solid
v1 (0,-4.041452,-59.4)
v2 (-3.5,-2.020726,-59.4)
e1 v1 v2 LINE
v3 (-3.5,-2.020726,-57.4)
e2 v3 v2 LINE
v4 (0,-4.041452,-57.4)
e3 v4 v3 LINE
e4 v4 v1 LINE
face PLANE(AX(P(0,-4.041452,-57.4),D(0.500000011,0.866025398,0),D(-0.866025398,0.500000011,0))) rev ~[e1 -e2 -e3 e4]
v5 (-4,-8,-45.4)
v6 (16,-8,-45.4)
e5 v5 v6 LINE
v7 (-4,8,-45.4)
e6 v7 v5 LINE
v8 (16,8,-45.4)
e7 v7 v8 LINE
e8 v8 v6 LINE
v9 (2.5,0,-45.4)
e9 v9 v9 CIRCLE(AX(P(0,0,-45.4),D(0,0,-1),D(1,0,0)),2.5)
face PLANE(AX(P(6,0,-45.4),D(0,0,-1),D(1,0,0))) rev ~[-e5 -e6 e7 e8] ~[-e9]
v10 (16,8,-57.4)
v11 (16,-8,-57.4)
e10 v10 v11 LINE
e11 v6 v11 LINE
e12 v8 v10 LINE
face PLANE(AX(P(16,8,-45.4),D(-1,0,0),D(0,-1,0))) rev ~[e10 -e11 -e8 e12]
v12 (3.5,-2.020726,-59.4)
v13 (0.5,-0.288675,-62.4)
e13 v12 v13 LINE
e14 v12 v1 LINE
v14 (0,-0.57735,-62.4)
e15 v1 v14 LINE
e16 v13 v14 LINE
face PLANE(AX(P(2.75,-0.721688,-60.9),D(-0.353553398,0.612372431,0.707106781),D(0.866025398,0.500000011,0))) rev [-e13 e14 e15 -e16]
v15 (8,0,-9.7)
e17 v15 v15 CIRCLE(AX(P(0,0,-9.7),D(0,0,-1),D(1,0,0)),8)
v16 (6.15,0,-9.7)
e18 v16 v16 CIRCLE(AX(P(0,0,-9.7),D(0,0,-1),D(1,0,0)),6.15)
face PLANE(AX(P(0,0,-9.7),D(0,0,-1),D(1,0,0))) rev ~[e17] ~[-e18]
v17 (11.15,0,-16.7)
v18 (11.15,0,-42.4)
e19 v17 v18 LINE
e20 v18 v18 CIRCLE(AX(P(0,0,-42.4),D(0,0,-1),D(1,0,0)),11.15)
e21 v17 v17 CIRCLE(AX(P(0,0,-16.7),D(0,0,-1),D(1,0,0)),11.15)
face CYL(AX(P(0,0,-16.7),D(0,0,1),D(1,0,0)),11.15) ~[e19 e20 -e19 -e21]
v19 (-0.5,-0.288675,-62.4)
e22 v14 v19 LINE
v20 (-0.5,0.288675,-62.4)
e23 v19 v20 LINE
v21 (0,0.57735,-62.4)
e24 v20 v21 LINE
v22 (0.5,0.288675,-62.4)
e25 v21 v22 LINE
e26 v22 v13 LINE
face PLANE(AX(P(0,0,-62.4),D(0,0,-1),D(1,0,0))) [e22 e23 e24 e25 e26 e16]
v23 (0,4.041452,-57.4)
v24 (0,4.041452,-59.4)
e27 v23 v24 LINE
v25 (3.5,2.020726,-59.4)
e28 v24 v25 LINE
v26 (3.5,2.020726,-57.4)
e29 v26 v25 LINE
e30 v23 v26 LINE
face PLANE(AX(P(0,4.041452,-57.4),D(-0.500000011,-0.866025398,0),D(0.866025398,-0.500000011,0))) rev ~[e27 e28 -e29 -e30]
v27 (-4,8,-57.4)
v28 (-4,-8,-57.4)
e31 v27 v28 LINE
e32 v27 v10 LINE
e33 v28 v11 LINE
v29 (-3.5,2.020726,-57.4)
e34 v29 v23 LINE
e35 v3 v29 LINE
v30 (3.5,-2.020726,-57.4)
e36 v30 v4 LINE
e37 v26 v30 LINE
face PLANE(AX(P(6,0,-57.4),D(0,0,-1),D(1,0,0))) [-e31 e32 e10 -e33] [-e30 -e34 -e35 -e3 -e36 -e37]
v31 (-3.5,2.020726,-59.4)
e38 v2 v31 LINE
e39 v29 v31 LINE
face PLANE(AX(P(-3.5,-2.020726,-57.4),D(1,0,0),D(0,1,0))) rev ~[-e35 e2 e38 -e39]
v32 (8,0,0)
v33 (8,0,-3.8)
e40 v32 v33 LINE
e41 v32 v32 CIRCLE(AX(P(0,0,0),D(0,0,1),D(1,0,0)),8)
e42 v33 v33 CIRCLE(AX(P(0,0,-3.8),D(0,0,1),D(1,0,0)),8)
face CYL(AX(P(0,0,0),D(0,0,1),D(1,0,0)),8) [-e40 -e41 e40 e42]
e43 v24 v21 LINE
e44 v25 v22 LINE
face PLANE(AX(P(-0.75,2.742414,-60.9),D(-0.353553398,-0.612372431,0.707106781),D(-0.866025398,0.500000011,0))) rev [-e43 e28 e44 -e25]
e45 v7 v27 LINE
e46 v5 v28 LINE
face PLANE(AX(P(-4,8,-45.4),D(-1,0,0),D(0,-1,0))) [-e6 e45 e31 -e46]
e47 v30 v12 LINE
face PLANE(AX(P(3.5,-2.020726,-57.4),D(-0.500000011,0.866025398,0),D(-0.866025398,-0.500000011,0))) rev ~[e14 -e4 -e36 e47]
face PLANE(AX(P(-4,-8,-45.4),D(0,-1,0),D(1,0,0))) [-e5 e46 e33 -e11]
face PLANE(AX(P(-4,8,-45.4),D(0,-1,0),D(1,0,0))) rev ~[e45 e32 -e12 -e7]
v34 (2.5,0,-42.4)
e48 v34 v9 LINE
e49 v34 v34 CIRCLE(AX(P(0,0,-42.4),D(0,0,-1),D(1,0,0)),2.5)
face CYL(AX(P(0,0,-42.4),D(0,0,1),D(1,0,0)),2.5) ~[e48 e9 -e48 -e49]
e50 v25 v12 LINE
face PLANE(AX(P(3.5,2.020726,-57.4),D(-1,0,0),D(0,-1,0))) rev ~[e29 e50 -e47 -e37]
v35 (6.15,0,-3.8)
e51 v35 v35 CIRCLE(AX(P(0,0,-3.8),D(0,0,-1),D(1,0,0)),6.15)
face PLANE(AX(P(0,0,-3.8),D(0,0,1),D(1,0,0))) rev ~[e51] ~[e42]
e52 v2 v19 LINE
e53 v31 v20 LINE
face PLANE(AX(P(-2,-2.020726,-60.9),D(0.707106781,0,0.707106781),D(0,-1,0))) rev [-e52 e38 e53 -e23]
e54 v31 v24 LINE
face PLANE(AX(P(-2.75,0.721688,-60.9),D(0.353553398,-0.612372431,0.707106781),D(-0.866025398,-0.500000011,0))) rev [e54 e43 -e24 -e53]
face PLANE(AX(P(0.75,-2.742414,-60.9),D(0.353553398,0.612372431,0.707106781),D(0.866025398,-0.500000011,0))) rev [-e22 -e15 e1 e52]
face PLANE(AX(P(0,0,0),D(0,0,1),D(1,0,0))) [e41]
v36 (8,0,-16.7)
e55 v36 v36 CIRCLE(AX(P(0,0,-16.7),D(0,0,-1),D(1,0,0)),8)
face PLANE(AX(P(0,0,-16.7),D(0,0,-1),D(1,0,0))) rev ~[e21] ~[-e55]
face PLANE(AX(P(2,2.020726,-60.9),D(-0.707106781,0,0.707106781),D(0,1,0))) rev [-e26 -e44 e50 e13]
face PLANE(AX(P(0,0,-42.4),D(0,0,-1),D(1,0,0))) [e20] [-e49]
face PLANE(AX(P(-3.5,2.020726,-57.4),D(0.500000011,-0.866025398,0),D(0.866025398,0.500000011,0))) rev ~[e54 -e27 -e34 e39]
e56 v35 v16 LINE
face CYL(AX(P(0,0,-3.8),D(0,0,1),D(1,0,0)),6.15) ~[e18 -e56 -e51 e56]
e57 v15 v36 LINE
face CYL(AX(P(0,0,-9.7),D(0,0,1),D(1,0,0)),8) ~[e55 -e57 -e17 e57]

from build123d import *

# Parameters (mm, degrees)
F0_R      = 8
F1_DEPTH  = 3.8
F2_R      = 6.15
F3_DEPTH  = 5.9
F4_R      = 8
F5_DEPTH  = 7
F6_R      = 11.15
F7_DEPTH  = 25.7
F8_R      = 2.5
F9_DEPTH  = 3
F10_W     = 20
F10_H     = 16
F10_R     = 2.5
F11_DEPTH = 12
F13_DEPTH = 5
F14_SIZE  = 3


with BuildPart() as f1:
    # F0 (on Top) → F1 (new body)
    with BuildSketch(Plane.XY):
        Circle(F0_R)
    extrude(amount=-F1_DEPTH)

    # F2 (on face) → F3 (join)
    with BuildSketch(Plane(origin=(0, 0, -3.8), x_dir=(1, 0, 0), z_dir=(0, 0, -1))):
        Circle(F2_R)
    extrude(amount=F3_DEPTH)

    # F4 (on face) → F5 (join)
    with BuildSketch(Plane(origin=(0, 0, -9.7), x_dir=(1, 0, 0), z_dir=(0, 0, -1))):
        Circle(F4_R)
    extrude(amount=F5_DEPTH)

    # F6 (on face) → F7 (join)
    with BuildSketch(Plane(origin=(0, 0, -16.7), x_dir=(1, 0, 0), z_dir=(0, 0, -1))):
        Circle(F6_R)
    extrude(amount=F7_DEPTH)

    # F8 (on face) → F9 (join)
    with BuildSketch(Plane(origin=(0, 0, -42.4), x_dir=(1, 0, 0), z_dir=(0, 0, -1))):
        Circle(F8_R)
    extrude(amount=F9_DEPTH)

    # F10 (on face) → F11 (join)
    with BuildSketch(Plane(origin=(0, 0, -45.4), x_dir=(1, 0, 0), z_dir=(0, 0, -1))):
        with Locations((6, 0)):
            Rectangle(F10_W, F10_H)
        Circle(F10_R, mode=Mode.SUBTRACT)
        Circle(F10_R)
    extrude(amount=F11_DEPTH)

    # F12 (on face) → F13 (join)
    with BuildSketch(Plane(origin=(0, 0, -57.4), x_dir=(1, 0, 0), z_dir=(0, 0, -1))):
        Polygon((0, -4.041452), (3.5, -2.020726), (3.5, 2.020726), (0, 4.041452), (-3.5, 2.020726), (-3.5, -2.020726), align=None)
    extrude(amount=F13_DEPTH)

    # F14
    f14_edges = [f1.edges().sort_by_distance(p)[0] for p in [
        (3.5, 0, -62.4),
        (1.75, -3.031089, -62.4),
        (-1.75, -3.031089, -62.4),
        (-3.5, 0, -62.4),
        (1.75, 3.031089, -62.4),
        (-1.75, 3.031089, -62.4),
    ]]
    chamfer(f14_edges, length=F14_SIZE)


solid = f1.part
